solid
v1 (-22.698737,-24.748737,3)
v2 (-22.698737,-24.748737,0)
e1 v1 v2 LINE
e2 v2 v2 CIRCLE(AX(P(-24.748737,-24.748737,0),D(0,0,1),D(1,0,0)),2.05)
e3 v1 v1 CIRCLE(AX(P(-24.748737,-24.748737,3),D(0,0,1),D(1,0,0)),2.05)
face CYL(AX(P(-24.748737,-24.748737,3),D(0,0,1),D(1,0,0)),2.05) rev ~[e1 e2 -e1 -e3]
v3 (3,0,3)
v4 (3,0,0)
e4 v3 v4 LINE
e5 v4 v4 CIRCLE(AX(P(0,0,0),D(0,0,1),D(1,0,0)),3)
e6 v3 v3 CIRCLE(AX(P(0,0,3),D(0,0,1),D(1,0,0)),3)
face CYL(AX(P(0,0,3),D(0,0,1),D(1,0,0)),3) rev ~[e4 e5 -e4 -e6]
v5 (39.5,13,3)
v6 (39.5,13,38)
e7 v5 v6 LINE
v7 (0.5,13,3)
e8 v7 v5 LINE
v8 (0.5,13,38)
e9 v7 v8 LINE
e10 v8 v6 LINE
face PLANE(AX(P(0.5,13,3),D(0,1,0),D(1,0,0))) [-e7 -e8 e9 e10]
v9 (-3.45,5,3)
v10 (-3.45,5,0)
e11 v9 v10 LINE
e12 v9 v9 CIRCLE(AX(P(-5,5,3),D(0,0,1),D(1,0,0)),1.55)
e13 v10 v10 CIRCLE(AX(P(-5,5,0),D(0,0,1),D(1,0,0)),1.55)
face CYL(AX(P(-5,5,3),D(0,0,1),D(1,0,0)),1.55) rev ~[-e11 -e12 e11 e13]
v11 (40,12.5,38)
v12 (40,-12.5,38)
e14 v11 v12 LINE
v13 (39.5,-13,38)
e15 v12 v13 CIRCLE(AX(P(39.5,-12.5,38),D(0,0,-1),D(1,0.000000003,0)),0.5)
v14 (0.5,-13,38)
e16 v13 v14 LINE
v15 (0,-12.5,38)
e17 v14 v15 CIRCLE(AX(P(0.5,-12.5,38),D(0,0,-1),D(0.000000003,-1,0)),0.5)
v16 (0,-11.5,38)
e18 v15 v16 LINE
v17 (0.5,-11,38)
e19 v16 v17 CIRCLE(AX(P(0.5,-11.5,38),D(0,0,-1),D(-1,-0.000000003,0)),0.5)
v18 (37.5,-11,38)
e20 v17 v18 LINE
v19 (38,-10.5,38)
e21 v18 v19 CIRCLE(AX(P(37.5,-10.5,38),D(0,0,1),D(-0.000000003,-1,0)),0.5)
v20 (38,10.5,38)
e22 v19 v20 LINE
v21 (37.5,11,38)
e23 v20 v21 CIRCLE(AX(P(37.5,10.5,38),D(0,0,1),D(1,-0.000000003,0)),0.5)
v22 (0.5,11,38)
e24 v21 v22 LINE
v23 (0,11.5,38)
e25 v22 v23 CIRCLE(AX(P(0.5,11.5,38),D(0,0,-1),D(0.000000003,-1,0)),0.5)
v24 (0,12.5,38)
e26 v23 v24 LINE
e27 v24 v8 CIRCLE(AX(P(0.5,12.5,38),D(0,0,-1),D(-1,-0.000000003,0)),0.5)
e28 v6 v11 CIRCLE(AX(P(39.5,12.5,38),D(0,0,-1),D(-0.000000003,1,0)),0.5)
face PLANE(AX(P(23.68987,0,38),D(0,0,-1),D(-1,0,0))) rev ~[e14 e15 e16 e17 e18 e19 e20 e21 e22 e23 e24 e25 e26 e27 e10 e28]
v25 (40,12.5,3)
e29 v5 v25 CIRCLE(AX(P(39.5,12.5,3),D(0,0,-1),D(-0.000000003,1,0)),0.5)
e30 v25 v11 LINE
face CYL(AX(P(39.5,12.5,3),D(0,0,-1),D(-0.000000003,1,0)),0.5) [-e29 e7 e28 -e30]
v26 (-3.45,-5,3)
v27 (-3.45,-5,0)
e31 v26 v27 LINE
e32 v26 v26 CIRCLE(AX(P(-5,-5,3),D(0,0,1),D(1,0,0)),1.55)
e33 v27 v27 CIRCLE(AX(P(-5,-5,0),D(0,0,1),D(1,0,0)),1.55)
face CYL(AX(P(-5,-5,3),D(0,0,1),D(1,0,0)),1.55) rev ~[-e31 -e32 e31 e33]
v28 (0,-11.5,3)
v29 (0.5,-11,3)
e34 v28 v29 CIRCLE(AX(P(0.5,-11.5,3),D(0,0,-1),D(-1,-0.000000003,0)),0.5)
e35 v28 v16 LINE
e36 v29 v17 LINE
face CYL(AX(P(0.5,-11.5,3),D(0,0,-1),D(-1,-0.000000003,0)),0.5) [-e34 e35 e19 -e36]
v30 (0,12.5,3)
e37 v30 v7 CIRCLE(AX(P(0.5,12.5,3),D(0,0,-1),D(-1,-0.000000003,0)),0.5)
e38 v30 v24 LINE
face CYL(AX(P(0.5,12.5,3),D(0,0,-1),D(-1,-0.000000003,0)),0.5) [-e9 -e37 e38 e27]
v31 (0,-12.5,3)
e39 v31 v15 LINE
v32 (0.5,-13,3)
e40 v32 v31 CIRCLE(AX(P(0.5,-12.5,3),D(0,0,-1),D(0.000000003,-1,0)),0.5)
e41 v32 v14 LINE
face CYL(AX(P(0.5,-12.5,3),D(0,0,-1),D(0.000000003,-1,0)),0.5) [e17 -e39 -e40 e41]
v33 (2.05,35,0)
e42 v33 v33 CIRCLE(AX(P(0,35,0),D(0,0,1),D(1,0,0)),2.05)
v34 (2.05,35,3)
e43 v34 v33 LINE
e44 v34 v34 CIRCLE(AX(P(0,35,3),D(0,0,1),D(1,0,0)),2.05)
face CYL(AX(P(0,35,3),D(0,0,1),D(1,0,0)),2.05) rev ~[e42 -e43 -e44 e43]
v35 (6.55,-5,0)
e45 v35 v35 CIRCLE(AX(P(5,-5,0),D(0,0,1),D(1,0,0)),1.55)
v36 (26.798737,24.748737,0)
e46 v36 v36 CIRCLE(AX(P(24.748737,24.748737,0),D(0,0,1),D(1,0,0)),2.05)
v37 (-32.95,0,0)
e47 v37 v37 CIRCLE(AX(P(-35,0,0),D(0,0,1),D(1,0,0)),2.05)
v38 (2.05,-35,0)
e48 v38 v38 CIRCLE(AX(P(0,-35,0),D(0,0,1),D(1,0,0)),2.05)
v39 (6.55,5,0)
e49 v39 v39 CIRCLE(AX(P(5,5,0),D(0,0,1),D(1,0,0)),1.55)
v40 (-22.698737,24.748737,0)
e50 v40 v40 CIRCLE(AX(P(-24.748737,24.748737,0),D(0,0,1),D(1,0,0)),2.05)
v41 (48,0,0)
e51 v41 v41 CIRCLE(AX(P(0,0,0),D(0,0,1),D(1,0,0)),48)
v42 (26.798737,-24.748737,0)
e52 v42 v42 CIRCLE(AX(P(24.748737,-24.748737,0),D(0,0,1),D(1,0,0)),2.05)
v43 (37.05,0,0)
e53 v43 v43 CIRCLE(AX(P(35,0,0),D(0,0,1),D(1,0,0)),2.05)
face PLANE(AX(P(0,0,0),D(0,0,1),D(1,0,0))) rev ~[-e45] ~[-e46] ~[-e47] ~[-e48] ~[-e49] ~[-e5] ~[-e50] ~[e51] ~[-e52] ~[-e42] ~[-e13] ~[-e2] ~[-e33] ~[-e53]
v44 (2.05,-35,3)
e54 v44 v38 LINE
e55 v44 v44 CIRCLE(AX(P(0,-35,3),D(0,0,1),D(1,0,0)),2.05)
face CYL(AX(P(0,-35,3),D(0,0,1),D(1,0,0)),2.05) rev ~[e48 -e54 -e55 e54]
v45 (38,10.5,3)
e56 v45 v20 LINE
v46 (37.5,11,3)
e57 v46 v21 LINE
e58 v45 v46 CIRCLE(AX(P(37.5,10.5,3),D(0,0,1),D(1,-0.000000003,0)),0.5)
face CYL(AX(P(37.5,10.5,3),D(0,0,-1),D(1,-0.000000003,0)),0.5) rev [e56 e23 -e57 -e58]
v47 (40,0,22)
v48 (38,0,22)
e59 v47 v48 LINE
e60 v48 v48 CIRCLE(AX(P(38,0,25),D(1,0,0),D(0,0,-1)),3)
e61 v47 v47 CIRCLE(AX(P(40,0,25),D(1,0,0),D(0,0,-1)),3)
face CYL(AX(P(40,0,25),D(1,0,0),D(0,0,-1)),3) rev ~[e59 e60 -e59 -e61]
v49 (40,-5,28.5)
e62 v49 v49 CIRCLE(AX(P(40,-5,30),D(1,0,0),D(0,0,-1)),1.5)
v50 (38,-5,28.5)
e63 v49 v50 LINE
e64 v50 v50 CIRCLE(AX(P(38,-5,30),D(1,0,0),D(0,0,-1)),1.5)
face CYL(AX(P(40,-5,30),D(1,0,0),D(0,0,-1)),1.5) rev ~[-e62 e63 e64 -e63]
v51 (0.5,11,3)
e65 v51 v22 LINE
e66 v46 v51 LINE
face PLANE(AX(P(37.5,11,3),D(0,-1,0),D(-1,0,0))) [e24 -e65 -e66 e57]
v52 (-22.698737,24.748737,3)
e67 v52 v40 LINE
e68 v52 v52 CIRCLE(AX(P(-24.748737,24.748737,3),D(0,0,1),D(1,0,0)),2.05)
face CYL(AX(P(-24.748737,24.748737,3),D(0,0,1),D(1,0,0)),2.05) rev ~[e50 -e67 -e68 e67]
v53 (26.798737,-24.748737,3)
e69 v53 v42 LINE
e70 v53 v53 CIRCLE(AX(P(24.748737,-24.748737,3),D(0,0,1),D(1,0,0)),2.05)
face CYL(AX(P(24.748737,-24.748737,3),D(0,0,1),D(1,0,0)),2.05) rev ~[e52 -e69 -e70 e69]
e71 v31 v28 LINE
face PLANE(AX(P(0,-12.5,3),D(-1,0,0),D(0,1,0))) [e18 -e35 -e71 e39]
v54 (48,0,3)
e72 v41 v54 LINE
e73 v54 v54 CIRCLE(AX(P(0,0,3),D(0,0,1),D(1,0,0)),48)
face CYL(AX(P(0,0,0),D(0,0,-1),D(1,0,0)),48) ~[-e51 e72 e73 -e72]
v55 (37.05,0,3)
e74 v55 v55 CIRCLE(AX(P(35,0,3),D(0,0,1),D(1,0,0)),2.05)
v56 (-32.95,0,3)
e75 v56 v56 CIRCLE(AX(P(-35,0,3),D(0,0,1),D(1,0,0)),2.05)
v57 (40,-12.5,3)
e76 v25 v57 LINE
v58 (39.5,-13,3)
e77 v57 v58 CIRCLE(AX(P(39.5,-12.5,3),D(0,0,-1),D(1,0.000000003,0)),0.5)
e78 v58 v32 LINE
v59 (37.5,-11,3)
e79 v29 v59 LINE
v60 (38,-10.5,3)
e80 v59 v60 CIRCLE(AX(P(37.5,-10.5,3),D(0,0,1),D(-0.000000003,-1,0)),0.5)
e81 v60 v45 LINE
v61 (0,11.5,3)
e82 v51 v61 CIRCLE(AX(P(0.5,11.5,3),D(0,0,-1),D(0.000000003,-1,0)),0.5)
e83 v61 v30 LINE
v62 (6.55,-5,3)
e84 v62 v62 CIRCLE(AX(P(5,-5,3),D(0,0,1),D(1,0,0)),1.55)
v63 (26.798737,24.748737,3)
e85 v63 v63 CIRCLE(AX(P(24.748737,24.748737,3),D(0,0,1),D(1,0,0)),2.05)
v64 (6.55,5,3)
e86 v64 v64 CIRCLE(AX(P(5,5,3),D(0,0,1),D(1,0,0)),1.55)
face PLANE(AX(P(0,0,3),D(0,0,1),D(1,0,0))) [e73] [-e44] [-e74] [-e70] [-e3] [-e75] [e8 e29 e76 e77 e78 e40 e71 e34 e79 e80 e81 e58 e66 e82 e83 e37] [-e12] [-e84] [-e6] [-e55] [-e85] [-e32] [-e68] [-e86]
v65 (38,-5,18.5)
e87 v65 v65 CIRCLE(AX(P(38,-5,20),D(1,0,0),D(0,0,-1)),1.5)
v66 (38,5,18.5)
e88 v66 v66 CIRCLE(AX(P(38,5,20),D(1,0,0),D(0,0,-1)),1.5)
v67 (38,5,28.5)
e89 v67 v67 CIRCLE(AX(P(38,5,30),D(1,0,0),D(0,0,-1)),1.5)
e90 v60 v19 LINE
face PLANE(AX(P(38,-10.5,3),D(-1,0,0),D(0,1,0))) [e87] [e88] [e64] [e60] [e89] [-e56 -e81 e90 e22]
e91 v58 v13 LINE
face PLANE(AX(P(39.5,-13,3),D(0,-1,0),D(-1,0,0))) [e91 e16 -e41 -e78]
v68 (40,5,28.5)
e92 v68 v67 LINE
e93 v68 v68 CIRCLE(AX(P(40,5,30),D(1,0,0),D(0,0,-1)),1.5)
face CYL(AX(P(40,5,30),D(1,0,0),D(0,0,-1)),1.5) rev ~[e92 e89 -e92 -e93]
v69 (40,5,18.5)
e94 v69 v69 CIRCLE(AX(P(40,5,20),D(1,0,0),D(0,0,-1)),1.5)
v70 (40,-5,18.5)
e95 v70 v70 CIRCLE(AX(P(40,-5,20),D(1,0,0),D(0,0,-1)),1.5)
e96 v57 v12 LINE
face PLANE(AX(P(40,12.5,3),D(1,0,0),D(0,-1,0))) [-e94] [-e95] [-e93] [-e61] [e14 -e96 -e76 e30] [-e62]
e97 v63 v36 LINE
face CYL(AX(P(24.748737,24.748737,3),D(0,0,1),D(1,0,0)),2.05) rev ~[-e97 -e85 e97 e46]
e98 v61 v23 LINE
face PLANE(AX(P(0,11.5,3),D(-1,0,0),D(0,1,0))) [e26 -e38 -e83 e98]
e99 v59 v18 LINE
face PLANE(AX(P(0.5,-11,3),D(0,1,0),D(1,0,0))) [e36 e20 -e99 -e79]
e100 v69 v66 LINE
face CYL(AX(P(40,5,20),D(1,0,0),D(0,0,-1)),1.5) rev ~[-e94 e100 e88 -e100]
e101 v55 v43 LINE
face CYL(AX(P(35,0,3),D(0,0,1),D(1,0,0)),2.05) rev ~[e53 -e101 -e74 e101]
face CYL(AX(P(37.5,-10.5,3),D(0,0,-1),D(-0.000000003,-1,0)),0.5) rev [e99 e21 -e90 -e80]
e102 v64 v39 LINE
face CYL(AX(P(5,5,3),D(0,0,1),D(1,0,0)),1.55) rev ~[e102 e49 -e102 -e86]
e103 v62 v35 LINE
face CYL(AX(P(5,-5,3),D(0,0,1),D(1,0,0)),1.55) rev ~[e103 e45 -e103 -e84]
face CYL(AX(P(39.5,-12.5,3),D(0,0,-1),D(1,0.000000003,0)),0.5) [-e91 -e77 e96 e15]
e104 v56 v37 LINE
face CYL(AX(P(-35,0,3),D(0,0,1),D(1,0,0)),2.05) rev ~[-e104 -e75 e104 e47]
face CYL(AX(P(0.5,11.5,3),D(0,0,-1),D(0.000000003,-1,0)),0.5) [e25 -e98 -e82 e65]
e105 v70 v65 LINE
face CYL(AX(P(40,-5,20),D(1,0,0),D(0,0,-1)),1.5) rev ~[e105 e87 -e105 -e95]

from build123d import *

# Parameters (mm, degrees)
SKETCH_3_R          = 48
EXTRUDE_2_DEPTH     = 3
SKETCH_4_R          = 3
CUT_EXTRUDE_1_DEPTH = 3
EXTRUDE_3_DEPTH     = 35
SKETCH_6_R          = 3
SKETCH_6_R_2        = 1.5
CUT_EXTRUDE_2_DEPTH = 35
SKETCH_7_R          = 1.55
CUT_EXTRUDE_5_DEPTH = 35
SKETCH_8_R          = 2.05
CUT_EXTRUDE_6_DEPTH = 10
SKETCH_9_R          = 1.55
CUT_EXTRUDE_7_DEPTH = 10


with BuildPart() as part:
    # 草图3 → 凸台-拉伸2 (new body)
    with BuildSketch(Plane.XY):
        Circle(SKETCH_3_R)
    extrude(amount=EXTRUDE_2_DEPTH)

    # 草图4 → 切除-拉伸1 (cut)
    with BuildSketch(Plane.XY.offset(3)):
        Circle(SKETCH_4_R)
    extrude(amount=-CUT_EXTRUDE_1_DEPTH, mode=Mode.SUBTRACT)

    # 草图5 → 凸台-拉伸3 (add)
    with BuildSketch(Plane.XY.offset(3)):
        with BuildLine():
            ThreePointArc((0, 12.5), (0.146446609, 12.853553391), (0.5, 13))
            Line((0.5, 13), (39.5, 13))
            ThreePointArc((39.5, 13), (39.853553391, 12.853553391), (40, 12.5))
            Line((40, 12.5), (40, -12.5))
            ThreePointArc((40, -12.5), (39.853553391, -12.853553391), (39.5, -13))
            Line((39.5, -13), (0.5, -13))
            ThreePointArc((0.5, -13), (0.146446609, -12.853553391), (0, -12.5))
            Line((0, -12.5), (0, -11.5))
            ThreePointArc((0, -11.5), (0.146446609, -11.146446609), (0.5, -11))
            Line((0.5, -11), (37.5, -11))
            ThreePointArc((37.5, -11), (37.853553391, -10.853553391), (38, -10.5))
            Line((38, -10.5), (38, 0))
            Line((38, 0), (38, 10.5))
            ThreePointArc((38, 10.5), (37.853553391, 10.853553391), (37.5, 11))
            Line((37.5, 11), (0.5, 11))
            ThreePointArc((0.5, 11), (0.146446609, 11.146446609), (0, 11.5))
            Line((0, 11.5), (0, 12.5))
        make_face()
    extrude(amount=EXTRUDE_3_DEPTH)

    # 草图6 → 切除-拉伸2 (cut)
    with BuildSketch(Plane(origin=(40, 0, 0), x_dir=(0, 0, -1), z_dir=(1, 0, 0))):
        with Locations((-25, 0)):
            Circle(SKETCH_6_R)
        with Locations((-20, -5)):
            Circle(SKETCH_6_R_2)
        with Locations((-20, 5)):
            Circle(SKETCH_6_R_2)
        with Locations((-30, -5)):
            Circle(SKETCH_6_R_2)
        with Locations((-30, 5)):
            Circle(SKETCH_6_R_2)
    extrude(amount=-CUT_EXTRUDE_2_DEPTH, mode=Mode.SUBTRACT)

    # 草图7 → 切除-拉伸5 (cut)
    with BuildSketch(Plane.XY.offset(3)):
        with Locations((-35, 0)):
            Circle(SKETCH_7_R)
        with Locations((-24.748737342, 24.748737342)):
            Circle(SKETCH_7_R)
        with Locations((0, 35)):
            Circle(SKETCH_7_R)
        with Locations((24.748737342, 24.748737342)):
            Circle(SKETCH_7_R)
        with Locations((35, 0)):
            Circle(SKETCH_7_R)
        with Locations((24.748737342, -24.748737342)):
            Circle(SKETCH_7_R)
        with Locations((0, -35)):
            Circle(SKETCH_7_R)
        with Locations((-24.748737342, -24.748737342)):
            Circle(SKETCH_7_R)
    extrude(amount=-CUT_EXTRUDE_5_DEPTH, mode=Mode.SUBTRACT)

    # 草图8 → 切除-拉伸6 (cut)
    with BuildSketch(Plane.XY.offset(3)):
        with Locations((0, 35)):
            Circle(SKETCH_8_R)
        with Locations((24.748737342, 24.748737342)):
            Circle(SKETCH_8_R)
        with Locations((35, 0)):
            Circle(SKETCH_8_R)
        with Locations((24.748737342, -24.748737342)):
            Circle(SKETCH_8_R)
        with Locations((0, -35)):
            Circle(SKETCH_8_R)
        with Locations((-24.748737342, -24.748737342)):
            Circle(SKETCH_8_R)
        with Locations((-35, 0)):
            Circle(SKETCH_8_R)
        with Locations((-24.748737342, 24.748737342)):
            Circle(SKETCH_8_R)
    extrude(amount=-CUT_EXTRUDE_6_DEPTH, mode=Mode.SUBTRACT)

    # 草图9 → 切除-拉伸7 (cut)
    with BuildSketch(Plane.XY.offset(3)):
        with Locations((-5, 5)):
            Circle(SKETCH_9_R)
        with Locations((5, 5)):
            Circle(SKETCH_9_R)
        with Locations((5, -5)):
            Circle(SKETCH_9_R)
        with Locations((-5, -5)):
            Circle(SKETCH_9_R)
    extrude(amount=-CUT_EXTRUDE_7_DEPTH, mode=Mode.SUBTRACT)


solid = part.part
